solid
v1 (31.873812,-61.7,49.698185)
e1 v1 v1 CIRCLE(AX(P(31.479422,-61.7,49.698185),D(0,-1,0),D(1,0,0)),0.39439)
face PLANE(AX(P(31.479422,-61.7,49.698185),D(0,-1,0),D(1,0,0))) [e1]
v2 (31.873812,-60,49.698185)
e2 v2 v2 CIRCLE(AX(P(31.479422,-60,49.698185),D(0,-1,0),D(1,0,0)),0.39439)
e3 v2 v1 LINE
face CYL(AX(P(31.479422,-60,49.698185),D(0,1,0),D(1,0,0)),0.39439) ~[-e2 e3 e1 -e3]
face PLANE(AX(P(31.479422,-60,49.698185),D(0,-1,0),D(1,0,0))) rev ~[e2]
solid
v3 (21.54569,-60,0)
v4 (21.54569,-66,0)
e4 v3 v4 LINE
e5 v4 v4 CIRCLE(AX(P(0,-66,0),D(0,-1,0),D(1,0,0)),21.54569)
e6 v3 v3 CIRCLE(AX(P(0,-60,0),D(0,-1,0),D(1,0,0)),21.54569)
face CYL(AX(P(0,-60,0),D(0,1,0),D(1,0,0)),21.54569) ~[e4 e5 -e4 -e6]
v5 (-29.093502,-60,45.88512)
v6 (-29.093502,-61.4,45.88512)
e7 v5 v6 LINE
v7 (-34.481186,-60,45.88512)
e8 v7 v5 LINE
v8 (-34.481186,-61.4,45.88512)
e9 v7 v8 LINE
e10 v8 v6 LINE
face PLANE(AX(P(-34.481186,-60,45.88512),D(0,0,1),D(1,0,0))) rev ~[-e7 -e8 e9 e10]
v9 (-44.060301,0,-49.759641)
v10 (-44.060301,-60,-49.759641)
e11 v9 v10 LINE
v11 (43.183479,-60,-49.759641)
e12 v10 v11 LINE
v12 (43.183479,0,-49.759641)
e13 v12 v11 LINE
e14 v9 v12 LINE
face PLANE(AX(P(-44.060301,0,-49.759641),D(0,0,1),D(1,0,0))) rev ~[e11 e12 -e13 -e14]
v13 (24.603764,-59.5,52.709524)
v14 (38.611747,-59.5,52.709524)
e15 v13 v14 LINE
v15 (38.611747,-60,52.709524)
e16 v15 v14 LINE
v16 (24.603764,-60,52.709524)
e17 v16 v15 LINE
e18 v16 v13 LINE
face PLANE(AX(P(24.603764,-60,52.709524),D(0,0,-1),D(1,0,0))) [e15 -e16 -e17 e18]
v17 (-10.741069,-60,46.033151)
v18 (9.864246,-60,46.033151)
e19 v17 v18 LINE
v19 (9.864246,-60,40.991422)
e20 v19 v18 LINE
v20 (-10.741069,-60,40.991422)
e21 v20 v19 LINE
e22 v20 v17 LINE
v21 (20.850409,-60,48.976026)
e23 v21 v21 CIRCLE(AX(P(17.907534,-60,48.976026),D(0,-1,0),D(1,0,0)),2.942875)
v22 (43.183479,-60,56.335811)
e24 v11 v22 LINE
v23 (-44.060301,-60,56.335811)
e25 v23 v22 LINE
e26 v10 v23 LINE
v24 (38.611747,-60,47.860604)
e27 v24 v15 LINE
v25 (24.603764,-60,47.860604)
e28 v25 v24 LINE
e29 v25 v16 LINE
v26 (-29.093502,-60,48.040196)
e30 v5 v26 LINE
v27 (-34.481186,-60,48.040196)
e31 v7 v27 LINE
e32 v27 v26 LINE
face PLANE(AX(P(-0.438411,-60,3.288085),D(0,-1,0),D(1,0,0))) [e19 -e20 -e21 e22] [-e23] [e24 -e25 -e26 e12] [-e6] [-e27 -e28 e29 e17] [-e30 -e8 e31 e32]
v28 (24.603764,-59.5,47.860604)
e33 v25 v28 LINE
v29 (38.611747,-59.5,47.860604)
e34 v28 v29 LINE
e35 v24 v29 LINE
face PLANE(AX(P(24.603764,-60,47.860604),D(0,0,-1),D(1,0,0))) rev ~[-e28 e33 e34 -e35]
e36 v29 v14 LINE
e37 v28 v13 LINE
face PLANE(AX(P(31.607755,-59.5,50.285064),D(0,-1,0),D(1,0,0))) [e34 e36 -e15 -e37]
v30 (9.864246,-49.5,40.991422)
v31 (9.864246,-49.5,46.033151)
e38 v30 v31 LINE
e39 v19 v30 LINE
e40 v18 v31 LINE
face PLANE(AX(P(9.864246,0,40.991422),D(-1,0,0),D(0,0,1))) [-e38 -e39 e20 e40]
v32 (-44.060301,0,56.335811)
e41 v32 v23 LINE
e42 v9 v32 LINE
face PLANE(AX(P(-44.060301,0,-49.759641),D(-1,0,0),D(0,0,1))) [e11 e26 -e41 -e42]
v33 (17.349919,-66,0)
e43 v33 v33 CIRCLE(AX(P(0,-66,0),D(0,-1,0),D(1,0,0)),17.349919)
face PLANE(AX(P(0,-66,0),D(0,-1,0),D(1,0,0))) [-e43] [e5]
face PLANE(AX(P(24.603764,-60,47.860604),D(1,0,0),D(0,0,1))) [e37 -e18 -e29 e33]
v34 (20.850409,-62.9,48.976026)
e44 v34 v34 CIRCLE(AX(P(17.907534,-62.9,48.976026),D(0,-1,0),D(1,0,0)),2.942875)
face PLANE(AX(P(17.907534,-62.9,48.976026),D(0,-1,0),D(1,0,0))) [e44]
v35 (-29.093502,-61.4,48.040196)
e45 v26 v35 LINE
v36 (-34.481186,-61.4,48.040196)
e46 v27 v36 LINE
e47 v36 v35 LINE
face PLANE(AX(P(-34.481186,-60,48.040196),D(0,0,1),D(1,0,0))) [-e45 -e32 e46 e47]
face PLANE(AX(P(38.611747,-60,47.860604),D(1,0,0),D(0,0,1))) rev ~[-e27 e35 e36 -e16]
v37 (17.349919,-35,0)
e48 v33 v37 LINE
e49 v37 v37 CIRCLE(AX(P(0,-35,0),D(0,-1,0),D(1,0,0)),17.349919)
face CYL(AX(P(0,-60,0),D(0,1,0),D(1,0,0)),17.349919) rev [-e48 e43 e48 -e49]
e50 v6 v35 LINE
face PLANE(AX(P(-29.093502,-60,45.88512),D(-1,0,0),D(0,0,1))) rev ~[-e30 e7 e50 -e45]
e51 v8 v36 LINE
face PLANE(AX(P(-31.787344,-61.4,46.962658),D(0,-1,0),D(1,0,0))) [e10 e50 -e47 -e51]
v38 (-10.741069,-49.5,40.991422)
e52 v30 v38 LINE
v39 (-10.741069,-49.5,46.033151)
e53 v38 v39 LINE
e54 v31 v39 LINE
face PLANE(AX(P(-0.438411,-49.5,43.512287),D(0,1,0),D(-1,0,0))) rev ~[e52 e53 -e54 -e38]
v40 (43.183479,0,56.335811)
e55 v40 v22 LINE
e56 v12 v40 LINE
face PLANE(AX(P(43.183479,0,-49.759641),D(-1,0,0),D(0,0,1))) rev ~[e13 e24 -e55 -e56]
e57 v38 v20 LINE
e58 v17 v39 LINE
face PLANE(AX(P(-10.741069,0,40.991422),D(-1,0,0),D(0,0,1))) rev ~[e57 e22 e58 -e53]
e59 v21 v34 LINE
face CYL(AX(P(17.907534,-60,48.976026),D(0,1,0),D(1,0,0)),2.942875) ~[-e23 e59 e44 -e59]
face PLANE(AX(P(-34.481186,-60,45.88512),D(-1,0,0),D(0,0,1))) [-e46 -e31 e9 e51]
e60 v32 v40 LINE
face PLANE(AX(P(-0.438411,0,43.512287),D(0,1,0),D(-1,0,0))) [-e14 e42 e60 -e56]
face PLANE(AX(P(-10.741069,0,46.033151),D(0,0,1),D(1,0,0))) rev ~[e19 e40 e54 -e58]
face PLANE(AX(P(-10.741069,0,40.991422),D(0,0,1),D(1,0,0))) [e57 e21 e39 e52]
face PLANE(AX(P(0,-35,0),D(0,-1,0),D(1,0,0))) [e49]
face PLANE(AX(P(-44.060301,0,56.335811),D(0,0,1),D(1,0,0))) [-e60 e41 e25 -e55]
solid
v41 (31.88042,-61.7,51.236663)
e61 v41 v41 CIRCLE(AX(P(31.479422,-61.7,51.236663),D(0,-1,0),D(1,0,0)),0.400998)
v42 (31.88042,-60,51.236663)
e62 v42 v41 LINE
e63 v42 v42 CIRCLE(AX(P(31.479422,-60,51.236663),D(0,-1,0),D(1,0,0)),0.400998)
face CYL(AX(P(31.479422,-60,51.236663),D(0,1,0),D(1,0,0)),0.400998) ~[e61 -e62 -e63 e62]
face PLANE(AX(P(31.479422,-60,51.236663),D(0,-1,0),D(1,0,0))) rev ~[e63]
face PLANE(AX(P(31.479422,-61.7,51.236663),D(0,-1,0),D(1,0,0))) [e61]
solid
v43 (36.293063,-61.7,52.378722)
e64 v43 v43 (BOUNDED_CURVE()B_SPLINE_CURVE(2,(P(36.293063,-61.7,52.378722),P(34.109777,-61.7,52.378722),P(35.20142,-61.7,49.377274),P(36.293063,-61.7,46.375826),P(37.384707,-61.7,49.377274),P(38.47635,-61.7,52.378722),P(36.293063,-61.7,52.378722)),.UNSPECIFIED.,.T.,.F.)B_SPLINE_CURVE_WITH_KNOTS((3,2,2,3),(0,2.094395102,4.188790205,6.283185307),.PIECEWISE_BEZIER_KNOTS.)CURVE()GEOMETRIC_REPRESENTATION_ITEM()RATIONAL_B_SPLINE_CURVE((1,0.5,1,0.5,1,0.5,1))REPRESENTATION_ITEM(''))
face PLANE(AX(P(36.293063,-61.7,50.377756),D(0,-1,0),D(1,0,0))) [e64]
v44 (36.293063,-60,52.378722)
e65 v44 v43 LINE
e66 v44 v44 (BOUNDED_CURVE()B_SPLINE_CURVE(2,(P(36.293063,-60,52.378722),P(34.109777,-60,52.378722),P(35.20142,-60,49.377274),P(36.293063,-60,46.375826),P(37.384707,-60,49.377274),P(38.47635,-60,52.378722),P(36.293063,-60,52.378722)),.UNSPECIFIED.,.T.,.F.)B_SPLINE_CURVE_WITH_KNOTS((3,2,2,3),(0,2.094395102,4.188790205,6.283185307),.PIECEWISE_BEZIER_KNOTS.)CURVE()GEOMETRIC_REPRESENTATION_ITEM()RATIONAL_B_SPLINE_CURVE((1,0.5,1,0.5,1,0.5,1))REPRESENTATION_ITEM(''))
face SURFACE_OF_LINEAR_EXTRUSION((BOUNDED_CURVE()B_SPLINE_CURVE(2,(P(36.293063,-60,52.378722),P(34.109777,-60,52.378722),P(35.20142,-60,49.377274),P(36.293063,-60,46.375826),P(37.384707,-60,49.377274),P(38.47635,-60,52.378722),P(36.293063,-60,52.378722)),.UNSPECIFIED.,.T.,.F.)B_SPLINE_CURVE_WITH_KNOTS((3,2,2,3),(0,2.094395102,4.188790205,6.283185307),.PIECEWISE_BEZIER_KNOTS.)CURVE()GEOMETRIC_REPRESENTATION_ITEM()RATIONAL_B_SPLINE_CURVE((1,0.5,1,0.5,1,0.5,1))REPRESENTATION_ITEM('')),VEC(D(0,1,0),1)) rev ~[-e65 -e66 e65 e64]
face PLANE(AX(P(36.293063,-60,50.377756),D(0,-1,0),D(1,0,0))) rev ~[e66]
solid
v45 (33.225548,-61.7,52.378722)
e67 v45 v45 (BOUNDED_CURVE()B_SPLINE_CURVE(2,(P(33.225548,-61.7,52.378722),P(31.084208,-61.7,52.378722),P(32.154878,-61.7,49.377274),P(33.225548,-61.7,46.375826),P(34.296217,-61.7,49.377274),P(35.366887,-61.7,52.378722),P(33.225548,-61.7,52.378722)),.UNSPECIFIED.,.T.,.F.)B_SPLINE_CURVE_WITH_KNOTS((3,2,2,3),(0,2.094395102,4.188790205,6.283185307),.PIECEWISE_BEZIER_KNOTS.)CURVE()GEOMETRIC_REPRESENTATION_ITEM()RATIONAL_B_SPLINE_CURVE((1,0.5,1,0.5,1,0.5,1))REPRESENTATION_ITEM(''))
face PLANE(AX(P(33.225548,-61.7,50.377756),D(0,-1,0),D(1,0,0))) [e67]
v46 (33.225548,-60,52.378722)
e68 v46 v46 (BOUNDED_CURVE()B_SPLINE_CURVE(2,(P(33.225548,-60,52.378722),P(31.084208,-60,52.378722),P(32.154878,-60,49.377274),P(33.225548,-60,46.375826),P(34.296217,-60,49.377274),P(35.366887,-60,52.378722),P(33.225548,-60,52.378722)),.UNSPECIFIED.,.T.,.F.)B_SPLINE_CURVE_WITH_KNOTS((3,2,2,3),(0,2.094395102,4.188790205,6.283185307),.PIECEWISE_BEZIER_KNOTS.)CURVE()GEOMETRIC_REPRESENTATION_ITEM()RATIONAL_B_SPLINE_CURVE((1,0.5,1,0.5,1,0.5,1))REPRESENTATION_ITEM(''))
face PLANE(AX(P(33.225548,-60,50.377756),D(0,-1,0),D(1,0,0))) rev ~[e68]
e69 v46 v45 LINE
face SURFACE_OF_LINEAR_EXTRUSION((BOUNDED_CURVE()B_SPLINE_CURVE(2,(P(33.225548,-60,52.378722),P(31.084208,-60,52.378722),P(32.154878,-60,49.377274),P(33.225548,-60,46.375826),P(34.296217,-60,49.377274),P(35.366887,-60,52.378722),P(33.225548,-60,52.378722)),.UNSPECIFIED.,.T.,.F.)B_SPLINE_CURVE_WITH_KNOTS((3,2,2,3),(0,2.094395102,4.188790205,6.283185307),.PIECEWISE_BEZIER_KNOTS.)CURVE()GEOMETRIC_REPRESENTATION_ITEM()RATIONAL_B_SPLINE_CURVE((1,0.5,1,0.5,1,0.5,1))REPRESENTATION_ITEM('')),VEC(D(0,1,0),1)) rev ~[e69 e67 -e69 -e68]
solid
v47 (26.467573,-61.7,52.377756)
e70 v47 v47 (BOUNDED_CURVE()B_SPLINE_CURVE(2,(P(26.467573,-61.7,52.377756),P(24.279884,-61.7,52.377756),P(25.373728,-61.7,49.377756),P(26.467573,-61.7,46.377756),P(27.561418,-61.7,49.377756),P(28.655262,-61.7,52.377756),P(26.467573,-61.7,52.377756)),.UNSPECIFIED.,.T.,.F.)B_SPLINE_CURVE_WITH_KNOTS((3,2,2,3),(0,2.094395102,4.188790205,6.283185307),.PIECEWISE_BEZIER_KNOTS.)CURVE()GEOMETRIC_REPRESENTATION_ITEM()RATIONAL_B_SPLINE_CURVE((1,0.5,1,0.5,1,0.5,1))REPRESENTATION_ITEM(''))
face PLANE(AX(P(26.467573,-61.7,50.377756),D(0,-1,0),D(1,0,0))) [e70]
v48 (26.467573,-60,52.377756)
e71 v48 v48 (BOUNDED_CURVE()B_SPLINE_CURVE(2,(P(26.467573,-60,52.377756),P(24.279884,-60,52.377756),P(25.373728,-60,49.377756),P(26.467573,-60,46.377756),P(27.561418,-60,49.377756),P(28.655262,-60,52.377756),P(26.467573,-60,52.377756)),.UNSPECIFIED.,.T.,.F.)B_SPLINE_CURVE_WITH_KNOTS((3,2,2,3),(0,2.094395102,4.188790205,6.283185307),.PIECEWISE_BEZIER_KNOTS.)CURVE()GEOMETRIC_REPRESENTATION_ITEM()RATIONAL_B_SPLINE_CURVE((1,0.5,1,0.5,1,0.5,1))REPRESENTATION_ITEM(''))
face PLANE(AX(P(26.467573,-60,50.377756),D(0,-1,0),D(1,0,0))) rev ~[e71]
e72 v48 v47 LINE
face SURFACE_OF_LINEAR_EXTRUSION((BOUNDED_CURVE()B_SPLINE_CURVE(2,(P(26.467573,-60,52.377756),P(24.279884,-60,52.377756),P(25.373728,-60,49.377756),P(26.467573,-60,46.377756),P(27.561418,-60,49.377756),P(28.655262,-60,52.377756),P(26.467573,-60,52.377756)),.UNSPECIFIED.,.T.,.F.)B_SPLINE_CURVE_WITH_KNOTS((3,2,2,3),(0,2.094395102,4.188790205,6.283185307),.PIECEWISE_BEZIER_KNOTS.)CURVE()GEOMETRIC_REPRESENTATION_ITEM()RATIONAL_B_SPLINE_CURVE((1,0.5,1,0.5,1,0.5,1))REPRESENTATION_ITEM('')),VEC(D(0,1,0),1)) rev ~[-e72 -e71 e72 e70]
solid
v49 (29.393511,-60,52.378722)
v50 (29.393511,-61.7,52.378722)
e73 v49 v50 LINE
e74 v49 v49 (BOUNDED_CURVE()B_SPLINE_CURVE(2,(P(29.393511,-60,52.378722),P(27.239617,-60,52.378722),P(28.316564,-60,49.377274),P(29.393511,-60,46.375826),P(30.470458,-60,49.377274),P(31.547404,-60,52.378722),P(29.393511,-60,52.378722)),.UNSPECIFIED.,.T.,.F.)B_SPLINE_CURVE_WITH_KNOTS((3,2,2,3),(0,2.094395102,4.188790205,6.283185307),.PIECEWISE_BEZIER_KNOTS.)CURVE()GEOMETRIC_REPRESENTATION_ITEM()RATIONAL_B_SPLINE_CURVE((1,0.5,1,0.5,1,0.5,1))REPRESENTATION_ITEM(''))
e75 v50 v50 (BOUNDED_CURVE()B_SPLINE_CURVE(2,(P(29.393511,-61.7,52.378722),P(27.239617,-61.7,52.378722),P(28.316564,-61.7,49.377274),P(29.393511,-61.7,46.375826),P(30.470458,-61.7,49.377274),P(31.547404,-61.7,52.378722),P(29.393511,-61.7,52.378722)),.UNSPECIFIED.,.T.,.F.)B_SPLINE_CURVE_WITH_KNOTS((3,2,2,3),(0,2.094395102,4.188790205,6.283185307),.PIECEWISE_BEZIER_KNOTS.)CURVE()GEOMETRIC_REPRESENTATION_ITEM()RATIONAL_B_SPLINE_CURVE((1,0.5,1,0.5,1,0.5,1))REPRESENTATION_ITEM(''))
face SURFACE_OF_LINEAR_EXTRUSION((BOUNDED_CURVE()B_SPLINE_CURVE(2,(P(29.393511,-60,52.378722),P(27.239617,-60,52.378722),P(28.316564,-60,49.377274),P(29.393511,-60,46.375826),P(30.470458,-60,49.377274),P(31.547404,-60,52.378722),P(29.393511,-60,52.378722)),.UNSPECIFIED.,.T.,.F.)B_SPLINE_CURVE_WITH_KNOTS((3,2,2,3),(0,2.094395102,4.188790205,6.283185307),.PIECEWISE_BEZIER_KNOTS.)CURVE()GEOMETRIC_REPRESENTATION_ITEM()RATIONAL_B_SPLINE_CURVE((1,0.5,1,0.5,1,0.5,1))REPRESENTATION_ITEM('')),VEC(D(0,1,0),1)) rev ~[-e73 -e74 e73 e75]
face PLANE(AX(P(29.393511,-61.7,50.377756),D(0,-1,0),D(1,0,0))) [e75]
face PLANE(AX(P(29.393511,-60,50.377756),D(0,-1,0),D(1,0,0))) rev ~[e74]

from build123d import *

# Parameters (mm, degrees)
F0_W      = 87.2437804937
F0_H      = 106.0954518616
F0_W_2    = 20.6053154543
F0_H_2    = 5.0417296588
F1_DEPTH  = 60
F2_R      = 2.9428750277
F3_DEPTH  = 2.9
F4_W      = 13.8082224876
F4_H      = 4.3150708079
F5_DEPTH  = 0.7
F6_W      = 12.7294529229
F6_H      = 4.7465749085
F7_DEPTH  = 1.8
F8_W      = 20.6053154543
F8_H      = 5.0417296588
F9_DEPTH  = 5.2
F8_W_2    = 14.0079837292
F8_H_2    = 4.8489198089
F10_DEPTH = 0.5
F11_W     = 5.3876843303
F11_H     = 2.1550767124
F12_DEPTH = 1.4
F13_R     = 17.3499194153
F14_DEPTH = 25
F13_R_2   = 21.5456901686
F15_DEPTH = 6
F16_W     = 20.6053154543
F16_H     = 5.0417296588
F17_DEPTH = 49.5
F19_DEPTH = 1.7
F18_R     = 0.4009979828
F18_R_2   = 0.3943904749


with BuildPart() as f1:
    # F0 (on Front) → F1 (new body)
    with BuildSketch(Plane.XZ):
        with Locations((-0.4384107888, 3.2880846411)):
            Rectangle(F0_W, F0_H)
        with Locations((-0.4384112544, 43.5122866184)):
            Rectangle(F0_W_2, F0_H_2, mode=Mode.SUBTRACT)
    extrude(amount=F1_DEPTH)

    # F2 (on face) → F3 (join)
    with BuildSketch(Plane.XZ.offset(60)):
        with Locations((17.9075337946, 48.9760264754)):
            Circle(F2_R)
    extrude(amount=F3_DEPTH)

    # F4 (on face) → F5 (join)
    with BuildSketch(Plane.XZ.offset(60)):
        with Locations((31.2842493877, 50.4863038659)):
            Rectangle(F4_W, F4_H)
    extrude(amount=-F5_DEPTH)

    # F6 (on face) → F7 (join)
    with BuildSketch(Plane.XZ.offset(60)):
        with Locations((30.7448646054, 50.2705518156)):
            Rectangle(F6_W, F6_H)
    extrude(amount=-F7_DEPTH)

    # F8 (on face) → F9 (cut)
    with BuildSketch(Plane.XZ.offset(60)):
        with Locations((-0.4384112544, 43.5122866184)):
            Rectangle(F8_W, F8_H)
    extrude(amount=-F9_DEPTH, mode=Mode.SUBTRACT)

    # F8 (on face) → F10 (cut)
    with BuildSketch(Plane.XZ.offset(60)):
        with Locations((31.6077554598, 50.285063684)):
            Rectangle(F8_W_2, F8_H_2)
    extrude(amount=-F10_DEPTH, mode=Mode.SUBTRACT)

    # F11 (on face) → F12 (join)
    with BuildSketch(Plane.XZ.offset(60)):
        with Locations((-31.7873442546, 46.9626579434)):
            Rectangle(F11_W, F11_H)
    extrude(amount=F12_DEPTH)

    # F13 (on face) → F14 (cut)
    with BuildSketch(Plane.XZ.offset(60)):
        Circle(F13_R)
    extrude(amount=-F14_DEPTH, mode=Mode.SUBTRACT)

    # F13 (on face) → F15 (join)
    with BuildSketch(Plane.XZ.offset(60)):
        Circle(F13_R_2)
        Circle(F13_R, mode=Mode.SUBTRACT)
    extrude(amount=F15_DEPTH)

    # F16 (on face) → F17 (join)
    with BuildSketch(Plane(origin=(0, 0, 0), x_dir=(-1, 0, 0), z_dir=(0, 1, 0))):
        with Locations((0.4384112544, 43.5122866184)):
            Rectangle(F16_W, F16_H)
    extrude(amount=-F17_DEPTH)


with BuildPart() as f19:
    # F18 (on face) → F19 (new body)
    with BuildSketch(Plane.XZ.offset(60)):
        with BuildLine():
            add(Edge.make_bspline(
                [(26.4675728977, 52.3777563572), (24.279883543, 52.3777563572), (25.3737282203, 49.3777563572), (26.4675728977, 46.3777563572), (27.561417575, 49.3777563572), (28.6552622524, 52.3777563572), (26.4675728977, 52.3777563572)],
                knots=[0, 0, 0, 2.0943951024, 2.0943951024, 4.1887902048, 4.1887902048, 6.2831853072, 6.2831853072, 6.2831853072], degree=2, weights=[1, 0.5, 1, 0.5, 1, 0.5, 1]))
        make_face()
    extrude(amount=F19_DEPTH)


with BuildPart() as f19b:
    # F18 (on face) → F19, piece 2 (new body)
    with BuildSketch(Plane.XZ.offset(60)):
        with BuildLine():
            add(Edge.make_bspline(
                [(29.393510893, 52.3787215352), (27.2396173202, 52.3787215352), (28.3165641066, 49.3772737682), (29.393510893, 46.3758260012), (30.4704576794, 49.3772737682), (31.5474044657, 52.3787215352), (29.393510893, 52.3787215352)],
                knots=[0, 0, 0, 2.0943951024, 2.0943951024, 4.1887902048, 4.1887902048, 6.2831853072, 6.2831853072, 6.2831853072], degree=2, weights=[1, 0.5, 1, 0.5, 1, 0.5, 1]))
        make_face()
    extrude(amount=F19_DEPTH)


with BuildPart() as f19c:
    # F18 (on face) → F19, piece 3 (new body)
    with BuildSketch(Plane.XZ.offset(60)):
        with Locations((31.479422003, 51.2366630137)):
            Circle(F18_R)
    extrude(amount=F19_DEPTH)


with BuildPart() as f19d:
    # F18 (on face) → F19, piece 4 (new body)
    with BuildSketch(Plane.XZ.offset(60)):
        with Locations((31.479422003, 49.6981851757)):
            Circle(F18_R_2)
    extrude(amount=F19_DEPTH)


with BuildPart() as f19e:
    # F18 (on face) → F19, piece 5 (new body)
    with BuildSketch(Plane.XZ.offset(60)):
        with BuildLine():
            add(Edge.make_bspline(
                [(33.2255475223, 52.3787215352), (31.0842078806, 52.3787215352), (32.1548777014, 49.3772737682), (33.2255475223, 46.3758260012), (34.2962173432, 49.3772737682), (35.3668871641, 52.3787215352), (33.2255475223, 52.3787215352)],
                knots=[0, 0, 0, 2.0943951024, 2.0943951024, 4.1887902048, 4.1887902048, 6.2831853072, 6.2831853072, 6.2831853072], degree=2, weights=[1, 0.5, 1, 0.5, 1, 0.5, 1]))
        make_face()
    extrude(amount=F19_DEPTH)


with BuildPart() as f19f:
    # F18 (on face) → F19, piece 6 (new body)
    with BuildSketch(Plane.XZ.offset(60)):
        with BuildLine():
            add(Edge.make_bspline(
                [(36.2930633128, 52.3787215352), (34.1097765359, 52.3787215352), (35.2014199243, 49.3772737682), (36.2930633128, 46.3758260012), (37.3847067012, 49.3772737682), (38.4763500896, 52.3787215352), (36.2930633128, 52.3787215352)],
                knots=[0, 0, 0, 2.0943951024, 2.0943951024, 4.1887902048, 4.1887902048, 6.2831853072, 6.2831853072, 6.2831853072], degree=2, weights=[1, 0.5, 1, 0.5, 1, 0.5, 1]))
        make_face()
    extrude(amount=F19_DEPTH)


solid = Compound([f1.part, f19.part, f19b.part, f19c.part, f19d.part, f19e.part, f19f.part])
